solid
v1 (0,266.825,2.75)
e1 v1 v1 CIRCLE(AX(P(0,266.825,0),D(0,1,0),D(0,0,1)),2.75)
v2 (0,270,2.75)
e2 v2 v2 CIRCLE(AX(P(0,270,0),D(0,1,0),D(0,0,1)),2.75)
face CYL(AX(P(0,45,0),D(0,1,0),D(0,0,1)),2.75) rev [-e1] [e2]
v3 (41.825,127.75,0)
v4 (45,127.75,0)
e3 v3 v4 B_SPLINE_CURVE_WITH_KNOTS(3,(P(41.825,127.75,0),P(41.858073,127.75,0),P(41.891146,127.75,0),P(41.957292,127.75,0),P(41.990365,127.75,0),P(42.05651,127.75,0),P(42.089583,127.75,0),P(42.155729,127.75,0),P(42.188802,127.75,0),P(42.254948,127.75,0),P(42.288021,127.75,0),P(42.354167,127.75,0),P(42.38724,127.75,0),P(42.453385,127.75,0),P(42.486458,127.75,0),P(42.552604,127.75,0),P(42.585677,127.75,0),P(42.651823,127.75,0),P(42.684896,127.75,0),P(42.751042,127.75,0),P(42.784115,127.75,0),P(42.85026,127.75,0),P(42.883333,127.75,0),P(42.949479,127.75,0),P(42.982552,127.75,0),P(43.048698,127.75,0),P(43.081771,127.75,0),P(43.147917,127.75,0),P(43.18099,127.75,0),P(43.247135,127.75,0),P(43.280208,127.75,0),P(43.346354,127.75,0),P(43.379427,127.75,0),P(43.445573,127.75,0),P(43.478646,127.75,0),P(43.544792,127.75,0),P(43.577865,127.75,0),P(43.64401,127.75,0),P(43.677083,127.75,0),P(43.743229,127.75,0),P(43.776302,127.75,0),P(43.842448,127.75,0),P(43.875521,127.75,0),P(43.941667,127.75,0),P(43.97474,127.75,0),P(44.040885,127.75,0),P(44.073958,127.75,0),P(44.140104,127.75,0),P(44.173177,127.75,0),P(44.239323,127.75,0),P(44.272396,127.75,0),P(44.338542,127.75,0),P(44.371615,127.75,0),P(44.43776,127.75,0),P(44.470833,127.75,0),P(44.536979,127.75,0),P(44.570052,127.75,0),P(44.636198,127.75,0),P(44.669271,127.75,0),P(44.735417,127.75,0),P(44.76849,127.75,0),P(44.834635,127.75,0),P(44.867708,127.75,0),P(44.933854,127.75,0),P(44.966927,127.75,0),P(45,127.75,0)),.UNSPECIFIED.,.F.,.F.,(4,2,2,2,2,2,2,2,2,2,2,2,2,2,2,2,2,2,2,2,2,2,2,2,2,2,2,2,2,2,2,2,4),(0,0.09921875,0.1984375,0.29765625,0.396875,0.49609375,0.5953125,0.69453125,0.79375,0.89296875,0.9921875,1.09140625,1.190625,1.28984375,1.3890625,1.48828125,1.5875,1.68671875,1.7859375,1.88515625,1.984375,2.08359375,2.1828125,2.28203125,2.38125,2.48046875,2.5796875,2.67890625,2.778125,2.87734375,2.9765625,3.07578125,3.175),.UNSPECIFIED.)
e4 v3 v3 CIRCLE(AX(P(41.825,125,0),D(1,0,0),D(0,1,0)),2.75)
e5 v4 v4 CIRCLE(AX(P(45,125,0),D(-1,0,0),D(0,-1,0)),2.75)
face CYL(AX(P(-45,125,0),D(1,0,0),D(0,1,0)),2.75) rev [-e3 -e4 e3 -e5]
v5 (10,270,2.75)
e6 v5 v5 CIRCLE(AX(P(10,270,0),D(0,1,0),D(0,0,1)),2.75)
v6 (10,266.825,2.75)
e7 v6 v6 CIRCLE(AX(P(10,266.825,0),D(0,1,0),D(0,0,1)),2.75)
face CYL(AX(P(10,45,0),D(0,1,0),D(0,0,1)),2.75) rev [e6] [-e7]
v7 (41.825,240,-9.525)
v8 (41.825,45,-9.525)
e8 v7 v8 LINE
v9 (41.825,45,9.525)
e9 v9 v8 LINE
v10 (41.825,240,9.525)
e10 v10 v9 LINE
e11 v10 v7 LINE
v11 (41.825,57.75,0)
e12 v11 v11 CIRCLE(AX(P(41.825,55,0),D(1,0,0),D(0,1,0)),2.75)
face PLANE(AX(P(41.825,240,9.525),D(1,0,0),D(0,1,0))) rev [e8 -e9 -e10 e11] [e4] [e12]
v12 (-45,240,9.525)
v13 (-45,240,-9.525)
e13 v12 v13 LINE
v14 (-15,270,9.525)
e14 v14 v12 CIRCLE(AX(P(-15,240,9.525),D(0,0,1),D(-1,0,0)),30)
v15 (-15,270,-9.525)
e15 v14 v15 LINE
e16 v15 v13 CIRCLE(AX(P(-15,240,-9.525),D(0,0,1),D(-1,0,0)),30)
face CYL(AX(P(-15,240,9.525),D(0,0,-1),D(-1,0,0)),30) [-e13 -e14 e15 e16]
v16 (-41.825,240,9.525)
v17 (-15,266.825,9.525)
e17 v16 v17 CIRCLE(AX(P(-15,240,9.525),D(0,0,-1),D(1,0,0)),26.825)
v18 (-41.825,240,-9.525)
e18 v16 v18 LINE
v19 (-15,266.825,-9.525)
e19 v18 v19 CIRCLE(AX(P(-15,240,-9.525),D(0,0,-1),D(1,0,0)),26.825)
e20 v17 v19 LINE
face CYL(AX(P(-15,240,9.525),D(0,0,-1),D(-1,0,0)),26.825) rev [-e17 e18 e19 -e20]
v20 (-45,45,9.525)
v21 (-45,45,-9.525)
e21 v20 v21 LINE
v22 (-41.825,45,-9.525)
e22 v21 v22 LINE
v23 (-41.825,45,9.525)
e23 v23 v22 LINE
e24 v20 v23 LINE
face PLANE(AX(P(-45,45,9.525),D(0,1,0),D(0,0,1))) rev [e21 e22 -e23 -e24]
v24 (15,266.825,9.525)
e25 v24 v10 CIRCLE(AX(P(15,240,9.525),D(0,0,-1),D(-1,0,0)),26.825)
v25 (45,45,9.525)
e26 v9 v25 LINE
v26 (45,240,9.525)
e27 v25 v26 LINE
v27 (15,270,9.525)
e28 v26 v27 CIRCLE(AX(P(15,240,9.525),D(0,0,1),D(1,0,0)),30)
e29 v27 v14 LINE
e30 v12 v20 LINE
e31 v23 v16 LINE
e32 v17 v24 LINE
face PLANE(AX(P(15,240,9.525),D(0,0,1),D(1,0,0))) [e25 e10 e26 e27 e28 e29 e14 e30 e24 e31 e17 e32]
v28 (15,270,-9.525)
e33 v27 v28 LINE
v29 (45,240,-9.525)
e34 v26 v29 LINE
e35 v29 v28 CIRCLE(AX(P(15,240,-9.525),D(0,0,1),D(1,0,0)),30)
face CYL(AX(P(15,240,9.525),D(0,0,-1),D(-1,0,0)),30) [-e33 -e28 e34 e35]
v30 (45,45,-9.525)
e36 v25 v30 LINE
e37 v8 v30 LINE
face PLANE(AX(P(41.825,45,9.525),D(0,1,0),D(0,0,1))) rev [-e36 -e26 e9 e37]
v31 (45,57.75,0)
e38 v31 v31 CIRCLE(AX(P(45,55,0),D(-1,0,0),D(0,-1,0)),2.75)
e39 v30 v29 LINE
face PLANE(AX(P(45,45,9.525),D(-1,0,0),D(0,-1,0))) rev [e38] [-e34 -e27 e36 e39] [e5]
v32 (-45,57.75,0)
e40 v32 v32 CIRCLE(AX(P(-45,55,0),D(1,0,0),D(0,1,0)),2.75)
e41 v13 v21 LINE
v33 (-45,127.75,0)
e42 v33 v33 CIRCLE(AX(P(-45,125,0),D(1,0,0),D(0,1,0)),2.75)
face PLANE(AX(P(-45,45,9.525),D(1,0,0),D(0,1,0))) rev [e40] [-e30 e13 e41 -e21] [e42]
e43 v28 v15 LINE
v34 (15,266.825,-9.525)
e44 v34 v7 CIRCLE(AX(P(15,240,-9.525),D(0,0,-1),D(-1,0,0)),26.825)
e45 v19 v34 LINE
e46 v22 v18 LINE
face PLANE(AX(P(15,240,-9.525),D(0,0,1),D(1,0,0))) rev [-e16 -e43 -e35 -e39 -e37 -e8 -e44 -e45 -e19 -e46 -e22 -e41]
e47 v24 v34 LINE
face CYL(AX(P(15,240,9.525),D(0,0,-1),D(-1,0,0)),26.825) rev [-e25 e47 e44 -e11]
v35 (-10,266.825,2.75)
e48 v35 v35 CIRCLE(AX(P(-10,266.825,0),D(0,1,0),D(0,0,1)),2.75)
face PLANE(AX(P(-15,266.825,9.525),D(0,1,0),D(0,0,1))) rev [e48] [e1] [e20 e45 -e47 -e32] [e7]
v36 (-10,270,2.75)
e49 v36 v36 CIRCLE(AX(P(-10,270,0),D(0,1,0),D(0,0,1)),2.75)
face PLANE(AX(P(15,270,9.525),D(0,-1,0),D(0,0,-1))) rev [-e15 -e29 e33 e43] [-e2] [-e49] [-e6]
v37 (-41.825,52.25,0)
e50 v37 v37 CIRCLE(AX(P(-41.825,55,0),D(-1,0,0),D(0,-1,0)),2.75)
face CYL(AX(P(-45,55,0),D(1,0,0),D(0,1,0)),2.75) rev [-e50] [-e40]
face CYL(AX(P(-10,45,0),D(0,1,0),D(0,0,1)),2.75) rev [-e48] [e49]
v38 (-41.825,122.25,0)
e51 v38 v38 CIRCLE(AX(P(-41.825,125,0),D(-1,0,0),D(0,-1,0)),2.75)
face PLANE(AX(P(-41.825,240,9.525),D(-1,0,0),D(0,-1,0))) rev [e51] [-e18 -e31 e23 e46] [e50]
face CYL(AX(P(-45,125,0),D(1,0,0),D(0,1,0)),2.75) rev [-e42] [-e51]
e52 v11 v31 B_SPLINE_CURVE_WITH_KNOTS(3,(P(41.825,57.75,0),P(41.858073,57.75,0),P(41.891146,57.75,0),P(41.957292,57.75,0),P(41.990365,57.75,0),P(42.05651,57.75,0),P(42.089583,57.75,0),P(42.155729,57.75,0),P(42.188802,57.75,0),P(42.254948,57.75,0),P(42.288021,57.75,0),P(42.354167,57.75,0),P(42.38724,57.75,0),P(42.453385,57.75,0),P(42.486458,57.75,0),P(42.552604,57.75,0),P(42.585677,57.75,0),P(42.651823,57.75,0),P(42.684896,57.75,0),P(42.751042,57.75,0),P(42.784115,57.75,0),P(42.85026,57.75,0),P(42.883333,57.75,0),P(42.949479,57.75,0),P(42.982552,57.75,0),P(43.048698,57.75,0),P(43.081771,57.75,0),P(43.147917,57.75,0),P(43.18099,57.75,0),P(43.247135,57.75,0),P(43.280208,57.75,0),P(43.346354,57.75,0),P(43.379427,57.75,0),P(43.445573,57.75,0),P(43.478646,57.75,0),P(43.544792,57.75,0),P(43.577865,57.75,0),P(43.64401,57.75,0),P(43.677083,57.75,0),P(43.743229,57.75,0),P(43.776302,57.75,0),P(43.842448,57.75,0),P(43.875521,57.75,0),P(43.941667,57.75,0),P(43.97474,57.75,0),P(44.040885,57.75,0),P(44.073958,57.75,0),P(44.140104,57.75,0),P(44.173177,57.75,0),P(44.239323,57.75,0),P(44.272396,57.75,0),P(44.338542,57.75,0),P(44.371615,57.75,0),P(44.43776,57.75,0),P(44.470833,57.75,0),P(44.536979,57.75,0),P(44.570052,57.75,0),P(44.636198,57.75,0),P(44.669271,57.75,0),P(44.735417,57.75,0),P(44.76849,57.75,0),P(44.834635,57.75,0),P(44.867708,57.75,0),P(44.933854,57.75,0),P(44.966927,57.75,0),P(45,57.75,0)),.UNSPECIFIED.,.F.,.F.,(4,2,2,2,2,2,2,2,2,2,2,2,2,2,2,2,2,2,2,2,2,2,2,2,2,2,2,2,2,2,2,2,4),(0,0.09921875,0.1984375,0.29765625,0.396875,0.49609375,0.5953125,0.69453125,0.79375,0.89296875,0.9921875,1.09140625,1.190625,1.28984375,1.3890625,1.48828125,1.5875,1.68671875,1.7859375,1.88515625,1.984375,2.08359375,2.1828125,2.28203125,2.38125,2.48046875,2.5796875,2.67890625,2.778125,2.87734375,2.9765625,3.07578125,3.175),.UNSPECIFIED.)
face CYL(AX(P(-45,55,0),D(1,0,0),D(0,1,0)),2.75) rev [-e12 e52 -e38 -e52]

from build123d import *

# Parameters (mm, degrees)
BOSS_EXTRUDE1_DEPTH     = 9.525
SKETCH12_R              = 2.75
CUT_EXTRUDE2_DEPTH      = 230.653490339
CUT_EXTRUDE3_DEPTH      = 285.764333485
CUT_EXTRUDE3_DEPTH_BACK = 285.764333485
SKETCH13_R              = 2.75


with BuildPart() as part:
    # Sketch1 → Boss-Extrude1 (new, symmetric)
    with BuildSketch(Plane.XY):
        with BuildLine():
            Line((45, 45), (45, 240))
            ThreePointArc((45, 240), (36.213203436, 261.213203436), (15, 270))
            Line((15, 270), (-15, 270))
            ThreePointArc((-15, 270), (-36.213203436, 261.213203436), (-45, 240))
            Line((-45, 240), (-45, 45))
            Line((-45, 45), (-41.825, 45))
            Line((-41.825, 45), (-41.825, 240))
            ThreePointArc((-41.825, 240), (-33.968139405, 258.968139405), (-15, 266.825))
            Line((-15, 266.825), (15, 266.825))
            ThreePointArc((15, 266.825), (33.968139405, 258.968139405), (41.825, 240))
            Line((41.825, 240), (41.825, 45))
            Line((41.825, 45), (45, 45))
        make_face()
    extrude(amount=BOSS_EXTRUDE1_DEPTH, both=True)

    # Sketch12 → Cut-Extrude2 (cut, through all)
    with BuildSketch(Plane(origin=(0, 270, 0), x_dir=(1, 0, 0), z_dir=(0, 1, 0))):
        with Locations(Location((0, 0, 0), (0, 0, 270))):
            Circle(SKETCH12_R)
        with Locations(Location((-10, 0, 0), (0, 0, 270))):
            Circle(SKETCH12_R)
        with Locations(Location((10, 0, 0), (0, 0, 270))):
            Circle(SKETCH12_R)
    extrude(amount=-CUT_EXTRUDE2_DEPTH, mode=Mode.SUBTRACT)

    # Sketch13 → Cut-Extrude3 (cut, two sides: drawn at the far end of the back side and taken through both)
    with BuildSketch(Plane(origin=(45, 0, 0), x_dir=(0, 0, -1), z_dir=(1, 0, 0)).offset(-CUT_EXTRUDE3_DEPTH_BACK)):
        with Locations(Location((0, 125, 0), (0, 0, 90))):
            Circle(SKETCH13_R)
        with Locations(Location((0, 55, 0), (0, 0, 90))):
            Circle(SKETCH13_R)
    extrude(amount=CUT_EXTRUDE3_DEPTH + CUT_EXTRUDE3_DEPTH_BACK, mode=Mode.SUBTRACT)


solid = part.part
